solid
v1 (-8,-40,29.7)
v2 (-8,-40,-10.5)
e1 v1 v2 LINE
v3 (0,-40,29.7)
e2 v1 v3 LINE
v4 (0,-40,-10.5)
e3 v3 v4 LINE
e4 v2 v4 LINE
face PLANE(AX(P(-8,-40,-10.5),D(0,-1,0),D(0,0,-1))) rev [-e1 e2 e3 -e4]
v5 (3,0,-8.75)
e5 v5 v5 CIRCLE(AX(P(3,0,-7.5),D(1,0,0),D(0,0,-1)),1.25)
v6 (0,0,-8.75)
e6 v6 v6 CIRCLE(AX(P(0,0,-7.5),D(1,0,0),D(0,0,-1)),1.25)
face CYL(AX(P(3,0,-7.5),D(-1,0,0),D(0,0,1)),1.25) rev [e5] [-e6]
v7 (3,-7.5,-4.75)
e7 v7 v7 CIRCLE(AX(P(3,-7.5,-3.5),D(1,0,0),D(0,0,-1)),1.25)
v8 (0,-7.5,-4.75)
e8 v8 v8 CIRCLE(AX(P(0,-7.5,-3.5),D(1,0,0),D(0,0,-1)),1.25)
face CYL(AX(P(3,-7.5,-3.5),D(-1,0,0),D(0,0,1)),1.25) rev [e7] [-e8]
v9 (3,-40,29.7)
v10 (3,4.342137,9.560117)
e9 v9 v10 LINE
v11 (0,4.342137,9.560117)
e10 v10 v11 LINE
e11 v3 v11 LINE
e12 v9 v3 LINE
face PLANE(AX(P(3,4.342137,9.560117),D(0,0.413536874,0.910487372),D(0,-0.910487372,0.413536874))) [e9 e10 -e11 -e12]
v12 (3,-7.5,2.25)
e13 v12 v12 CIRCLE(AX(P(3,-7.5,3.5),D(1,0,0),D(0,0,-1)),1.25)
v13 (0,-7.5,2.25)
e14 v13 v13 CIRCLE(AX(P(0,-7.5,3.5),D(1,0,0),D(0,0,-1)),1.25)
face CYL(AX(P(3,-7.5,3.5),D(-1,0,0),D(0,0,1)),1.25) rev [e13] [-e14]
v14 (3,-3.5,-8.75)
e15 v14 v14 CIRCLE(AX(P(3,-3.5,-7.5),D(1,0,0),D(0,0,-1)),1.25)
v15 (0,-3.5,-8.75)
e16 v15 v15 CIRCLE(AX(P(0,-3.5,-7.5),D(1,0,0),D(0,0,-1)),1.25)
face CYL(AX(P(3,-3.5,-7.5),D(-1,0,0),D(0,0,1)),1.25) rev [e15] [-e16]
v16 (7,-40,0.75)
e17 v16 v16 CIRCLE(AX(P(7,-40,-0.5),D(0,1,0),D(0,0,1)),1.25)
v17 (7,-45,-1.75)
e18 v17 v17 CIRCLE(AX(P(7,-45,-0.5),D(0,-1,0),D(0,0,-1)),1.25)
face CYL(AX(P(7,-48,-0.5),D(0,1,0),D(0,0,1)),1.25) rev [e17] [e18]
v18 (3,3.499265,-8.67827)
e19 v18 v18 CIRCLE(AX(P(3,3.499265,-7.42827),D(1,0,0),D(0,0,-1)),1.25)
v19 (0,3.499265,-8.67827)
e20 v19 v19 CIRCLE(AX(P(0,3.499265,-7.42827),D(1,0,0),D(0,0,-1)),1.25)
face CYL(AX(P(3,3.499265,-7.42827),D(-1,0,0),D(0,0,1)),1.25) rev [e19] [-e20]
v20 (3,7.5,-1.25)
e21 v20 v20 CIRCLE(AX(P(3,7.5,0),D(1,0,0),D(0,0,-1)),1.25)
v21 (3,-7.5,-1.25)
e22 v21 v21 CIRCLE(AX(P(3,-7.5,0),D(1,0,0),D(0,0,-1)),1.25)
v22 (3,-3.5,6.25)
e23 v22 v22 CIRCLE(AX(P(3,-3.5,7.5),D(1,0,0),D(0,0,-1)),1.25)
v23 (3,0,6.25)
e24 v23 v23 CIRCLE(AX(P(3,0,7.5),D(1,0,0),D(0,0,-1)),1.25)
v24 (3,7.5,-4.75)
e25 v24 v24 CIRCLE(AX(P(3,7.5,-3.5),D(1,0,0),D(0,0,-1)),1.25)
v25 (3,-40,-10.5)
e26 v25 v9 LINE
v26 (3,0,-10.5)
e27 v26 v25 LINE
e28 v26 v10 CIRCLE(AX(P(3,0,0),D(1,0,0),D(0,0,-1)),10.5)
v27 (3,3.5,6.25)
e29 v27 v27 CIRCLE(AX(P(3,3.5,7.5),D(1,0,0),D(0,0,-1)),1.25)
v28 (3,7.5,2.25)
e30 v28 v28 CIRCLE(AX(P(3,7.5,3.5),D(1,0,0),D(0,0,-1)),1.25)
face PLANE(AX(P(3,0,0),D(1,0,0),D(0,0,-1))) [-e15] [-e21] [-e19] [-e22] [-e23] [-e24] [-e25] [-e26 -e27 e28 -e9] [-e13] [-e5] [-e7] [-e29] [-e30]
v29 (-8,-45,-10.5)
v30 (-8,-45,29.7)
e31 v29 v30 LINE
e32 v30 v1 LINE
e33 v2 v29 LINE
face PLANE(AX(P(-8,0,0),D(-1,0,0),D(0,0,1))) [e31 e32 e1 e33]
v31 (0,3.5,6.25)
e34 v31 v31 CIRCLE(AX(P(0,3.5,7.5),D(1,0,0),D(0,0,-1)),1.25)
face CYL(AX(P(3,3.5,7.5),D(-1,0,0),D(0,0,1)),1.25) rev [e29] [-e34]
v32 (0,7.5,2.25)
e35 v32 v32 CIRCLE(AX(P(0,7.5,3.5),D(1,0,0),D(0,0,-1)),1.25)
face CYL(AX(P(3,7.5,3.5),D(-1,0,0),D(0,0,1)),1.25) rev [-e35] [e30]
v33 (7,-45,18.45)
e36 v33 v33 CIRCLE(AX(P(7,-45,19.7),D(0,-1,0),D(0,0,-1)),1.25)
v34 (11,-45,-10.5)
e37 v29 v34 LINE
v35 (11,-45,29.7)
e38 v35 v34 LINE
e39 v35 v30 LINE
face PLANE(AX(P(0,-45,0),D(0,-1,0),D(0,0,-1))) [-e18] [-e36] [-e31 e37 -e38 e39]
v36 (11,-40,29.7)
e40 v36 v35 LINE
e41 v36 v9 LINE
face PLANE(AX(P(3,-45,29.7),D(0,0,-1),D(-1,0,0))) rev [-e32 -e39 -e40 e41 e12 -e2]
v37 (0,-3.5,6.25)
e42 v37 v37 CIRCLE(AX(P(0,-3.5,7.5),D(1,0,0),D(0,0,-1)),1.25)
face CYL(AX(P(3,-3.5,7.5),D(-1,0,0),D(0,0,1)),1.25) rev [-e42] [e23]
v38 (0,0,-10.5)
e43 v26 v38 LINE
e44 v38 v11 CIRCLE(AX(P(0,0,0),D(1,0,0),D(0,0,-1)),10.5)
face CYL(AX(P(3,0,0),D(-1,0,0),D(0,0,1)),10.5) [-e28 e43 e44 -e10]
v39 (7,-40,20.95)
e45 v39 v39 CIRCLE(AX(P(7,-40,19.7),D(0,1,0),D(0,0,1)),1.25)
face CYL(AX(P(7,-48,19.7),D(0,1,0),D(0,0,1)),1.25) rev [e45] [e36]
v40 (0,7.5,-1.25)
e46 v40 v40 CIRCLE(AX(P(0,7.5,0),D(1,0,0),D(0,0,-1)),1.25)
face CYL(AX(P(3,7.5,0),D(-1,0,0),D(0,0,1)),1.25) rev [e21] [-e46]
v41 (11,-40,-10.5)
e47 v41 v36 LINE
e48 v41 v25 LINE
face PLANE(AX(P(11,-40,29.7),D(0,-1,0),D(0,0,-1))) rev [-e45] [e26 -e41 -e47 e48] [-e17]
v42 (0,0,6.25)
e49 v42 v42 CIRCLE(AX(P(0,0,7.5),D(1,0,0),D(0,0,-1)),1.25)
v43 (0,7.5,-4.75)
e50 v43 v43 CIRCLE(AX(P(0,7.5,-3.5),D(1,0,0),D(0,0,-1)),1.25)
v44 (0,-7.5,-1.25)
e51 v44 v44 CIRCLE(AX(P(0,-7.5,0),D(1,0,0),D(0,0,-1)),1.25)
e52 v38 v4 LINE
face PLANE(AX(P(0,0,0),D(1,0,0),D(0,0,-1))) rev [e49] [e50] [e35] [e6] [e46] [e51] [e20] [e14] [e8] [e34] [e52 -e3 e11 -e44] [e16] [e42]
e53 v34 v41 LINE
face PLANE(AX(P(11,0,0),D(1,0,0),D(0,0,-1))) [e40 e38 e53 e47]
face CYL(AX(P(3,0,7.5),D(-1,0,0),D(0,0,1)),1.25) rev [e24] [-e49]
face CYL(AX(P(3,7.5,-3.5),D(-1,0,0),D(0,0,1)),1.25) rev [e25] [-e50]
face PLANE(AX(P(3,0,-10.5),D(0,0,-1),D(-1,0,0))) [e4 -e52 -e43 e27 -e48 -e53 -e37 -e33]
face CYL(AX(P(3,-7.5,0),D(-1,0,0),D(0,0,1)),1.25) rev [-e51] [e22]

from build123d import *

# Parameters (mm, degrees)
SKETCH1_R           = 1.25
BOSS_EXTRUDE1_DEPTH = 3
SKETCH2_W           = 3
SKETCH2_H           = 40.2
BOSS_EXTRUDE2_DEPTH = 5
SKETCH4_W           = 40.2
SKETCH4_H           = 5
BOSS_EXTRUDE3_DEPTH = 8
SKETCH7_W           = 40.2
SKETCH7_H           = 5
BOSS_EXTRUDE4_DEPTH = 8
SKETCH8_R           = 1.25
CUT_EXTRUDE1_DEPTH  = 8


with BuildPart() as part:
    # Sketch1 → Boss-Extrude1 (new body)
    # profile 1 of 2: a face of its own
    with BuildSketch(Plane(origin=(0, 0, 0), x_dir=(0, 0, -1), z_dir=(1, 0, 0))):
        with BuildLine():
            Line((10.5, -40), (10.5, 0))
            ThreePointArc((10.5, 0), (-2.221347256, -10.262339712), (-9.560117404, 4.342137172))
            Line((-9.560117404, 4.342137172), (-29.7, -40))
            Line((-29.7, -40), (10.5, -40))
        make_face()
    # profile 2 of 2: a face of its own
    with BuildSketch(Plane(origin=(0, 0, 0), x_dir=(0, 0, -1), z_dir=(1, 0, 0))):
        with BuildLine():
            ThreePointArc((-9.560117404, 4.342137172), (-2.221347256, -10.262339712), (10.5, 0))
            ThreePointArc((10.5, 0), (2.221347256, 10.262339712), (-9.560117404, 4.342137172))
        make_face()
        with Locations((-7.5, -3.5)):
            Circle(SKETCH1_R, mode=Mode.SUBTRACT)
        with Locations((-3.5, -7.5)):
            Circle(SKETCH1_R, mode=Mode.SUBTRACT)
        with Locations((0, -7.5)):
            Circle(SKETCH1_R, mode=Mode.SUBTRACT)
        with Locations((3.5, -7.5)):
            Circle(SKETCH1_R, mode=Mode.SUBTRACT)
        with Locations((7.5, -3.5)):
            Circle(SKETCH1_R, mode=Mode.SUBTRACT)
        with Locations((-7.5, 0)):
            Circle(SKETCH1_R, mode=Mode.SUBTRACT)
        with Locations((-7.5, 3.5)):
            Circle(SKETCH1_R, mode=Mode.SUBTRACT)
        with Locations((-3.5, 7.5)):
            Circle(SKETCH1_R, mode=Mode.SUBTRACT)
        with Locations((0, 7.5)):
            Circle(SKETCH1_R, mode=Mode.SUBTRACT)
        with Locations((7.5, 0)):
            Circle(SKETCH1_R, mode=Mode.SUBTRACT)
        with Locations((7.428270452, 3.499264905)):
            Circle(SKETCH1_R, mode=Mode.SUBTRACT)
        with Locations((3.5, 7.5)):
            Circle(SKETCH1_R, mode=Mode.SUBTRACT)
    extrude(amount=BOSS_EXTRUDE1_DEPTH)

    # Sketch2 → Boss-Extrude2 (add)
    with BuildSketch(Plane(origin=(0, -40, 0), x_dir=(-1, 0, 0), z_dir=(0, -1, 0))):
        with Locations((-1.5, -9.6)):
            Rectangle(SKETCH2_W, SKETCH2_H)
    extrude(amount=BOSS_EXTRUDE2_DEPTH)

    # Sketch4 → Boss-Extrude3 (add)
    with BuildSketch(Plane.ZY):
        with Locations((9.6, -42.5)):
            Rectangle(SKETCH4_W, SKETCH4_H)
    extrude(amount=BOSS_EXTRUDE3_DEPTH)


with BuildPart() as body_2:
    # Mirror1: mirrored copy
    add(part.part.mirror(Plane(origin=(3, 0, 0), x_dir=(0, 0, 1), z_dir=(1, 0, 0))))


with BuildPart() as body_2_2:
    # Mirror2: mirrored copy
    add(body_2.part.mirror(Plane(origin=(3, -22.468969245, 5.63020619), x_dir=(0, 0, 1), z_dir=(-1, 0, 0))))

    # Sketch7 → Boss-Extrude4 (add)
    with BuildSketch(Plane(origin=(3, 0, 0), x_dir=(0, 0, -1), z_dir=(1, 0, 0))):
        with Locations((-9.6, -42.5)):
            Rectangle(SKETCH7_W, SKETCH7_H)
    extrude(amount=BOSS_EXTRUDE4_DEPTH)

    # Sketch8 → Cut-Extrude1 (cut)
    with BuildSketch(Plane(origin=(0, -40, 0), x_dir=(1, 0, 0), z_dir=(0, 1, 0))):
        with Locations(Location((7, 0.5, 0), (0, 0, 270))):
            Circle(SKETCH8_R)
        with Locations(Location((7, -19.7, 0), (0, 0, 270))):
            Circle(SKETCH8_R)
    extrude(amount=-CUT_EXTRUDE1_DEPTH, mode=Mode.SUBTRACT)


solid = body_2_2.part
